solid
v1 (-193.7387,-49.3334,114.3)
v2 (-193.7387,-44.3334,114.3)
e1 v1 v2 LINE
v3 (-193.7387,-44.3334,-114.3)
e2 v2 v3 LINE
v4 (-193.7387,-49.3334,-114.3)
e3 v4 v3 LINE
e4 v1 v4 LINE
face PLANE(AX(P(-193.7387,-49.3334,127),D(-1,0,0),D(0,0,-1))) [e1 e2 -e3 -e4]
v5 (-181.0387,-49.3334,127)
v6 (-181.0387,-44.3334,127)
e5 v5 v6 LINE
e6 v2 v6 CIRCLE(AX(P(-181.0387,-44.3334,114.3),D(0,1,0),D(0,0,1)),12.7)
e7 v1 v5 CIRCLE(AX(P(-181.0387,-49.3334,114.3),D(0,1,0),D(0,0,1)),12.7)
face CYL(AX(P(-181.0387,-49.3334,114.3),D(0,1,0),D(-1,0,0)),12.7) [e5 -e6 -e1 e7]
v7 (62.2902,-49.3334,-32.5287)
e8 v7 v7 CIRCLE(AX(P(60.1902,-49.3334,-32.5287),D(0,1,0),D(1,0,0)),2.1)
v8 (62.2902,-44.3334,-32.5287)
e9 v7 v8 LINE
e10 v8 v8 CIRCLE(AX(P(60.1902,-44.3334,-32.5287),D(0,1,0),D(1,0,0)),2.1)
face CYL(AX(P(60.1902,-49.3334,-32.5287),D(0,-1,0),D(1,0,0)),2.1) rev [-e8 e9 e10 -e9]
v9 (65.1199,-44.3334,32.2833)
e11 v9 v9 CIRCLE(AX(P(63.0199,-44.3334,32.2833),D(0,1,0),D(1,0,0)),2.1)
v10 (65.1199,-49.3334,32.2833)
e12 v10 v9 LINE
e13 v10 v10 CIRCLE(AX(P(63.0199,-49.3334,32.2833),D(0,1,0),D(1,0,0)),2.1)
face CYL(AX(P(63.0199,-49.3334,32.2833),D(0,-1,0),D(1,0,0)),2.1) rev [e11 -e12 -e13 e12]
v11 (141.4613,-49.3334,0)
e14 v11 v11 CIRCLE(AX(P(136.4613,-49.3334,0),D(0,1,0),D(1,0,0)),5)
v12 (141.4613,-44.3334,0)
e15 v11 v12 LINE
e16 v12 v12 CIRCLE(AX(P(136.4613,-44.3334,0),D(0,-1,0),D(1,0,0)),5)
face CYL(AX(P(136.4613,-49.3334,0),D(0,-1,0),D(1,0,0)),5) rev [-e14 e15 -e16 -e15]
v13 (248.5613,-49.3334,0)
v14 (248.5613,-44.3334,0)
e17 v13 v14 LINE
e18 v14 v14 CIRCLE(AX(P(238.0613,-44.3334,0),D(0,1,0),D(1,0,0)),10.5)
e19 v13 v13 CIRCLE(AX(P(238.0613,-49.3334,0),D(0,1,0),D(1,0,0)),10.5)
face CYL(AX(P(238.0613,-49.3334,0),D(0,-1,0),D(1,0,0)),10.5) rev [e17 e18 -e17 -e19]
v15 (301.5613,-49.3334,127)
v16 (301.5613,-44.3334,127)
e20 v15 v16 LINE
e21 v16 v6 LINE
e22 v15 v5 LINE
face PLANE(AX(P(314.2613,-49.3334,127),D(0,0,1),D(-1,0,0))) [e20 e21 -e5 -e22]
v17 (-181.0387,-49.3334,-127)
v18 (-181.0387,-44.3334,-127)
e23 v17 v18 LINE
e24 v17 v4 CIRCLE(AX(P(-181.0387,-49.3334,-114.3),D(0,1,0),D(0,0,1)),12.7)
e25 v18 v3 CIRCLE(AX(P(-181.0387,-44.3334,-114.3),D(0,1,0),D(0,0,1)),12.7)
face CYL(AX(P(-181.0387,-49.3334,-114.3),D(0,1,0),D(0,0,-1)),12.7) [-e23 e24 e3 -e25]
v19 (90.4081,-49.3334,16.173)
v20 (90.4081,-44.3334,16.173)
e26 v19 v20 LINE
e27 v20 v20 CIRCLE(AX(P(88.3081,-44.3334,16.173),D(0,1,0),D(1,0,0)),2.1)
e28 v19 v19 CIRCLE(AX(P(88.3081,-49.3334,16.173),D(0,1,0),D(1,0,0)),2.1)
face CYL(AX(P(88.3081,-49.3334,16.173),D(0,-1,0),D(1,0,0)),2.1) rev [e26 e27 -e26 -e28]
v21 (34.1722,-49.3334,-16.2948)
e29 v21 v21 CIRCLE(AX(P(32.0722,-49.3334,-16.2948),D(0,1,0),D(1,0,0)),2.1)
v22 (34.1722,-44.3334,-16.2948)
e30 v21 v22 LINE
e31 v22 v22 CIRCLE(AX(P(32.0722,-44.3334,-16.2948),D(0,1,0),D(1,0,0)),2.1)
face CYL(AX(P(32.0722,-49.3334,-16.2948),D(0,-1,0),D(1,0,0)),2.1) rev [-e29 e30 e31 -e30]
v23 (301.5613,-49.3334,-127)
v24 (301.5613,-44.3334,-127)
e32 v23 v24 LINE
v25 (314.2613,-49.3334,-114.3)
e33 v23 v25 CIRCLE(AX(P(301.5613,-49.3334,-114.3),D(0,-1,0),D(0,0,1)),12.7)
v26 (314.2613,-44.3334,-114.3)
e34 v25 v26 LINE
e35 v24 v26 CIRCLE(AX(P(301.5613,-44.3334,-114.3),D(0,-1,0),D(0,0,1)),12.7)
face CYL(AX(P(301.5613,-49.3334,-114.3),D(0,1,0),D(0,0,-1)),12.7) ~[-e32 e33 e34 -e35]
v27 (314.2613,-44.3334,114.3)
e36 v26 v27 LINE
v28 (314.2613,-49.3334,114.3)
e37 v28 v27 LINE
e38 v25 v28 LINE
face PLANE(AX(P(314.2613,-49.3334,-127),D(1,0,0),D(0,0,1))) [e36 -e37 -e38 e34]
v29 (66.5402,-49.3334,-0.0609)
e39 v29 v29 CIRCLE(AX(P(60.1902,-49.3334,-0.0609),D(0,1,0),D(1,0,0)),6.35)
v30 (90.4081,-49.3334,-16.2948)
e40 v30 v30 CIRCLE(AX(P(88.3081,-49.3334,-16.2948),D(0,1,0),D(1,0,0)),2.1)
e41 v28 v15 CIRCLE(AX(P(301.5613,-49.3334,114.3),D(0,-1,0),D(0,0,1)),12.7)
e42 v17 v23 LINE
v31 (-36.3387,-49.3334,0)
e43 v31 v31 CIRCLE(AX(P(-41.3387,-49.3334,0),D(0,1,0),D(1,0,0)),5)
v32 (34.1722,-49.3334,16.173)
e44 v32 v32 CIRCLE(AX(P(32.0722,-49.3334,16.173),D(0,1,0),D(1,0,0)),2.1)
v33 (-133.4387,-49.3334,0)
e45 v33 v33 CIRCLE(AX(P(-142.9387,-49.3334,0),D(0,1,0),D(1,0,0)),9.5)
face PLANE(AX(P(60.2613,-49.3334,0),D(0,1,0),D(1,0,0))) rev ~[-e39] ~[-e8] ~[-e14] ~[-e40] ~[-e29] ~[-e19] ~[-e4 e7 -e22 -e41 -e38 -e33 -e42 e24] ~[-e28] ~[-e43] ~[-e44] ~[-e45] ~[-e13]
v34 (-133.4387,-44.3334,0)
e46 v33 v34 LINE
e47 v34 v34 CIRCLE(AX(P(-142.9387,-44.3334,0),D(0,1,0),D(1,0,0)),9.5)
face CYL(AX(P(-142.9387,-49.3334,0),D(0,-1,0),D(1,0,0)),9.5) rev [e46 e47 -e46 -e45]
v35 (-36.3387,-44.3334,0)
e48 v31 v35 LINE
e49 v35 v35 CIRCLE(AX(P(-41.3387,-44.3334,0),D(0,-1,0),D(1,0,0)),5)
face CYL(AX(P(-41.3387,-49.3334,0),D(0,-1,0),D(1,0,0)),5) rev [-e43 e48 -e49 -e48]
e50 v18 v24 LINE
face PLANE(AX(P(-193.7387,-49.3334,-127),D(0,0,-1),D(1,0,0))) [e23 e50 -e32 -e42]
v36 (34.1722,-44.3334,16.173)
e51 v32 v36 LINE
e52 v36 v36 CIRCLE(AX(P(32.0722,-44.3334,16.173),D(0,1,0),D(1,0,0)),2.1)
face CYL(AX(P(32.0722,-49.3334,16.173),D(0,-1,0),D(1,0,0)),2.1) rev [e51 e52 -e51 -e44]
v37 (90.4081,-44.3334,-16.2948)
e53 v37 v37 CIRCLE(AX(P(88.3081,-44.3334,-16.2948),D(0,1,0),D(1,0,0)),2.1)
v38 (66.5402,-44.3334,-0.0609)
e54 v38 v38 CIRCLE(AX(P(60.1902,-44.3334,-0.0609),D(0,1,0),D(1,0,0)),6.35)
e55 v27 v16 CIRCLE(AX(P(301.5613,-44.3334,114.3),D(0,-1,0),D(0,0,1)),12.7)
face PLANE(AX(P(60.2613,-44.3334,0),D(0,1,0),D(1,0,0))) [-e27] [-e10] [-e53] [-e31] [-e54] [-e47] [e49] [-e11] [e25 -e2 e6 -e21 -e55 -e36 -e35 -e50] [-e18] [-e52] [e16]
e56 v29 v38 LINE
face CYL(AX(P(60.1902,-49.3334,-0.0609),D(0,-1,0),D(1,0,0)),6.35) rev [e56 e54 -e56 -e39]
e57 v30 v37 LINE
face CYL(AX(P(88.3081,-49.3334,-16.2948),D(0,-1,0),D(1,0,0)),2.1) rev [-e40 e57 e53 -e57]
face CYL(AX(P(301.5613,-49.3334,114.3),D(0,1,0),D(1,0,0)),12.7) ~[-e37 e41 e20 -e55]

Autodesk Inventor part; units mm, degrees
ref_plane "YZ Plane" through (0, 0, 0) normal (1, 0, 0) x (0, 1, 0)
ref_plane "XZ Plane" through (0, 0, 0) normal (0, 1, 0) x (-1, 0, 0)
ref_plane "Work Plane4" through (60.2613, -49.3334, 0) normal (0, 1, 0) x (1, 0, 0)
sketch "dimensions" plane through (60.2613, -49.3334, 0) normal (0, 1, 0) x (1, 0, 0)
  line L0 (-254, 127) -> (254, 127)
  line L1 (254, 127) -> (254, -127)
  line L2 (254, -127) -> (-254, -127)
  line L3 (-254, -127) -> (-254, 127)
  line L4 (-254, 127) -> (254, -127) construction
  line L5 (254, 127) -> (-254, -127) construction
  line L6 (-254, 0) -> (254, 0) construction
  circle A0 centre (177.8, 0) radius 10.5
  circle A1 centre (177.8, 0) radius 47.15 construction
  circle A2 centre (-203.2, 0) radius 9.5
  circle A3 centre (-203.2, 0) radius 23.9 construction
  circle A4 centre (2.7586, -32.2833) radius 2.1
  circle A5 centre (28.0468, -16.173) radius 2.1
  circle A6 centre (28.0468, 16.2948) radius 2.1
  circle A7 centre (-0.0711, 32.5287) radius 2.1
  circle A8 centre (-28.1891, 16.2948) radius 2.1
  circle A9 centre (-28.1891, -16.173) radius 2.1
  circle A10 centre (-0.0711, 0.0609) radius 6.35
  line L7 (177.8, 0) -> (-203.2, 0) construction
  circle A11 centre (76.2, 0) radius 5
  circle A12 centre (-101.6, 0) radius 5
  dimension "d1" = 508
  dimension "d2" = 254
  dimension "d3" = 21
  dimension "d4" = 94.3
  dimension "d6" = 19
  dimension "d7" = 47.8
  dimension "d32" = 10
  dimension "d34" = 101.6
  dimension "d35" = 10
  dimension "d36" = 101.6
extrude "Extrusion5" add sketch "dimensions" along normal blind 5 contours L0 L1 L2 L3 | A11 | A12
fillet "Fillet6" radius 12.7 4 edges at (314.2613, -46.8334, -127) (-193.7387, -46.8334, -127) (-193.7387, -46.8334, 127) (314.2613, -46.8334, 127)
extrude "Extrusion6" cut sketch "dimensions" along normal up to next contours A11 | A12
equation "\"d37\" = d36"
properties part number "antenna-mount"
